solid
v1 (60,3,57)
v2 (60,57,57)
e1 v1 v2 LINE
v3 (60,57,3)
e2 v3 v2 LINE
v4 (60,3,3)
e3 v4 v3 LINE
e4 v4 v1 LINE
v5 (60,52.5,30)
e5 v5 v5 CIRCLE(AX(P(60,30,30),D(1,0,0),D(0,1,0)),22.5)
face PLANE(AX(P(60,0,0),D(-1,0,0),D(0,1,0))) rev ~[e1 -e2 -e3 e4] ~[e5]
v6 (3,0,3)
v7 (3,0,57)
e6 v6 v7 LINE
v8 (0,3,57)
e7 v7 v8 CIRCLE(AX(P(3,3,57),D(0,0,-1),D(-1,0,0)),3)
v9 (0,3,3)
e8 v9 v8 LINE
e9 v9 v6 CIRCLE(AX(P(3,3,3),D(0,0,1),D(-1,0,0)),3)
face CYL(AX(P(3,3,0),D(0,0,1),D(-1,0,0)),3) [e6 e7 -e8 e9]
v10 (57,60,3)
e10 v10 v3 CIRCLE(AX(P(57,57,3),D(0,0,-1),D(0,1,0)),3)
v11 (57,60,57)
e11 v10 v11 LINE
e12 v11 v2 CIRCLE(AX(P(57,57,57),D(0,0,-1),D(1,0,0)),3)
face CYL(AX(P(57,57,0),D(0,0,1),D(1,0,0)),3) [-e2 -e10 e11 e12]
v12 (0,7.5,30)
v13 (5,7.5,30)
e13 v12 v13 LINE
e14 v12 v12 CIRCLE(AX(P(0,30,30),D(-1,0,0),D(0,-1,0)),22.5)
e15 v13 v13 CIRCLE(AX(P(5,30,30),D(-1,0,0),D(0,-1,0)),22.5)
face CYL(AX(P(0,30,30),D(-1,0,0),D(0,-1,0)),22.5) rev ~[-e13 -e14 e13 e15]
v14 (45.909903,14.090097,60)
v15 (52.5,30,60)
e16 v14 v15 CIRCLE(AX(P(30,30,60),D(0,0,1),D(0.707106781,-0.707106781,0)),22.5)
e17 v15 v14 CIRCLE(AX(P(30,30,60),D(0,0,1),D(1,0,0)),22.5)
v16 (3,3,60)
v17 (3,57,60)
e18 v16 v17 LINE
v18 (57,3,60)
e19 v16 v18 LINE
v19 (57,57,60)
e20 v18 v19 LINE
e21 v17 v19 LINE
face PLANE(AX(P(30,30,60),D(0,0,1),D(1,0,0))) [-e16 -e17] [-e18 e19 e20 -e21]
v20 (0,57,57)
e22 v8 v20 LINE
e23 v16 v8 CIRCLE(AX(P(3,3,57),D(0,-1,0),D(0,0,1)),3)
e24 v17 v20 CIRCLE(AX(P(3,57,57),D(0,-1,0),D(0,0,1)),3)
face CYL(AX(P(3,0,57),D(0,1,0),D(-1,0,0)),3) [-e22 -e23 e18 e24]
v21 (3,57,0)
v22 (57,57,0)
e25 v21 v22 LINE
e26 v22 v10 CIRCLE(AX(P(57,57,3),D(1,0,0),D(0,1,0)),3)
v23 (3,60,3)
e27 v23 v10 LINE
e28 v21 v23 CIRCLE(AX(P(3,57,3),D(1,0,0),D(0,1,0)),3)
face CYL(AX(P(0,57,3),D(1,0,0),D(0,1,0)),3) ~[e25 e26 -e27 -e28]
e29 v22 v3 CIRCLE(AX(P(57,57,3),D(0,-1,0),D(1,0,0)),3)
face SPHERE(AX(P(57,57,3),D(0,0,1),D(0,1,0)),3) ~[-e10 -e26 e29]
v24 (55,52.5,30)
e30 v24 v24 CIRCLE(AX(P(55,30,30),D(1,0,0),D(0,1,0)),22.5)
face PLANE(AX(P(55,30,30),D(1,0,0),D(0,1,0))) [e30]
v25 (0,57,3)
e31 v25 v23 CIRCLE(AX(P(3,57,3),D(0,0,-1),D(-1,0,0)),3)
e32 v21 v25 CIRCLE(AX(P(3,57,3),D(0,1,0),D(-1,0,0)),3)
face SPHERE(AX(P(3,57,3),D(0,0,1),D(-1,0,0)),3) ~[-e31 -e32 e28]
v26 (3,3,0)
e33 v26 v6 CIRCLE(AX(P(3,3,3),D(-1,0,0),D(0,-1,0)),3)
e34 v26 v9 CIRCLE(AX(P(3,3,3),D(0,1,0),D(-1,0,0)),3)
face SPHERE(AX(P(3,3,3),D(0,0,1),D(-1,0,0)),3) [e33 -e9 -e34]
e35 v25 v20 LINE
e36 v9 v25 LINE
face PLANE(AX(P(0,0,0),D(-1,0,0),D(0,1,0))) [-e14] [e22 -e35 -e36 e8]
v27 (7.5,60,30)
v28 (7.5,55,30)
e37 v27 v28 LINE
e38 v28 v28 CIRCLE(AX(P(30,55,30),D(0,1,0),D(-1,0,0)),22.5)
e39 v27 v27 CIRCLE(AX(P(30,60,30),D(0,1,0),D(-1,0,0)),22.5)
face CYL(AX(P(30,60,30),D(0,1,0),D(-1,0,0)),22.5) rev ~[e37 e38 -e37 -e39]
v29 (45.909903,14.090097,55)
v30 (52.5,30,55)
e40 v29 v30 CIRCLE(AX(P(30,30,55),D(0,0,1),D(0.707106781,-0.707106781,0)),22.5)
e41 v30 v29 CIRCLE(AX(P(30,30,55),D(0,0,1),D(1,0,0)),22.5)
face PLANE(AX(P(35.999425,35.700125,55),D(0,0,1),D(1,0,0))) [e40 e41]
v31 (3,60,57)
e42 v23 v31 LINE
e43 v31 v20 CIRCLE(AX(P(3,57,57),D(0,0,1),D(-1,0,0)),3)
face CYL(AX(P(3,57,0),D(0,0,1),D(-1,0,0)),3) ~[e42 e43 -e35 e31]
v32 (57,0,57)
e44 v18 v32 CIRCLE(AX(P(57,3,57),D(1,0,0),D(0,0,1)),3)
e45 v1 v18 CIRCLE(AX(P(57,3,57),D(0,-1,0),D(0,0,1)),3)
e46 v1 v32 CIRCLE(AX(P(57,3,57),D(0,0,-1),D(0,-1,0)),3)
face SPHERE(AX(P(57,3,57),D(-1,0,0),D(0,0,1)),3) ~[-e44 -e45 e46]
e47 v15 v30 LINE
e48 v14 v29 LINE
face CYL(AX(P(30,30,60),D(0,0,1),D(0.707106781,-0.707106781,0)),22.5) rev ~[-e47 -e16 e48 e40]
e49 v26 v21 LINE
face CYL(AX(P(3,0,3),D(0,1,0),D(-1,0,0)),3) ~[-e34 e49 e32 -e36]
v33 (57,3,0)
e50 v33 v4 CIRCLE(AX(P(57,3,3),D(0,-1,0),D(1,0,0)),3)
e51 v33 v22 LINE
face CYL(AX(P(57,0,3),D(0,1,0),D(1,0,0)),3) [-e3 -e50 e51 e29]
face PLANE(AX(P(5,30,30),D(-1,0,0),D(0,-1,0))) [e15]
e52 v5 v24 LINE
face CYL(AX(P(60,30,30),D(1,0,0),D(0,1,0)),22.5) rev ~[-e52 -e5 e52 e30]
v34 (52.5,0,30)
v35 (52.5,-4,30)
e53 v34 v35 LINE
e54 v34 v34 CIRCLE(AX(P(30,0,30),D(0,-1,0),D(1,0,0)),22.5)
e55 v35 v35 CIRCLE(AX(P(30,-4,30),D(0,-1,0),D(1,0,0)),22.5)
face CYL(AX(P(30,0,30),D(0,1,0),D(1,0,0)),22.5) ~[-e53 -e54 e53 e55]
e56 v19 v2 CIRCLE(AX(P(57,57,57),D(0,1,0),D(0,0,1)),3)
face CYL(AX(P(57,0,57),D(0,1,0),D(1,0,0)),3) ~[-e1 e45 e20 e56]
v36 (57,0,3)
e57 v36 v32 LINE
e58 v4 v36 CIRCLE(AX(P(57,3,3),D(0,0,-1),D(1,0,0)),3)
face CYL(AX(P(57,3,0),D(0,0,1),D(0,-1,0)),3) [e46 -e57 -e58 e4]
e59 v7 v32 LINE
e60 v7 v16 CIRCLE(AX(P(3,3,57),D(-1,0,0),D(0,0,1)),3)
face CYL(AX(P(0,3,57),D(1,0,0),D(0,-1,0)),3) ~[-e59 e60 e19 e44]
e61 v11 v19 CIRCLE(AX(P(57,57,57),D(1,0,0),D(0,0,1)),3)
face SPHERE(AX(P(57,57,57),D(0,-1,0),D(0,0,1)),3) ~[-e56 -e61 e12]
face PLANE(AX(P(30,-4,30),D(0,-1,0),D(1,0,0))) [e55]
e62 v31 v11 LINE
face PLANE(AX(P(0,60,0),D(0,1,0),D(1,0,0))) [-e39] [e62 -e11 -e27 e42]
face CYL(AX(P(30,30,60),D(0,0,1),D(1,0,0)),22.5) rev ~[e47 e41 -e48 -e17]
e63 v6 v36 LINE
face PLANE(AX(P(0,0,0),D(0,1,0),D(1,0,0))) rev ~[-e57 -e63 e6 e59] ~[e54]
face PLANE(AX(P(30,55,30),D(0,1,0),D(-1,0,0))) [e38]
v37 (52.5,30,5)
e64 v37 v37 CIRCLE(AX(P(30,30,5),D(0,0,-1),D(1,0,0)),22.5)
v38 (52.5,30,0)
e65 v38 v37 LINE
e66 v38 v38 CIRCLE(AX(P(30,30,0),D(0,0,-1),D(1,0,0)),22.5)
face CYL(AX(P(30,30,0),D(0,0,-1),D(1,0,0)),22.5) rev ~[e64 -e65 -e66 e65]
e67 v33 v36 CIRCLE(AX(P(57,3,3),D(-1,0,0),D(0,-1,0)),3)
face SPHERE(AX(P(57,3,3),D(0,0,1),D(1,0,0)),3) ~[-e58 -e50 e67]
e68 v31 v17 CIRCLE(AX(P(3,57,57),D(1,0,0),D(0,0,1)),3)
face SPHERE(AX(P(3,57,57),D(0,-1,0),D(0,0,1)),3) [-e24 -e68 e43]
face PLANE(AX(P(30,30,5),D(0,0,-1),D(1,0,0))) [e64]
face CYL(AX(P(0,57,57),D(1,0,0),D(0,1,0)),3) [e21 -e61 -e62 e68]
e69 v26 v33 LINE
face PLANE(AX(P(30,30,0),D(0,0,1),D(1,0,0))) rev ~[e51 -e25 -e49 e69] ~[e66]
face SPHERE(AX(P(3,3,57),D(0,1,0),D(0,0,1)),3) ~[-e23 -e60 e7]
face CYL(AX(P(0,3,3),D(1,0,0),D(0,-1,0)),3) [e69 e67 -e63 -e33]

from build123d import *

# Parameters (mm, degrees)
F0_W      = 60
F0_H      = 60
F1_DEPTH  = 60
F2_R      = 3
F4_DEPTH  = 5
F5_R      = 22.5
F6_DEPTH  = 5
F7_R      = 22.5
F8_DEPTH  = 4
F9_R      = 22.5
F10_DEPTH = 5
F11_R     = 22.5
F12_DEPTH = 5
F13_R     = 22.5
F14_DEPTH = 5


with BuildPart() as f1:
    # F0 (on Top) → F1 (new body)
    with BuildSketch(Plane.XY):
        with Locations((30, 30)):
            Rectangle(F0_W, F0_H)
    extrude(amount=F1_DEPTH)

    # F2
    f2_edges = [f1.edges().sort_by_distance(p)[0] for p in [
        (0, 30, 60),
        (30, 0, 60),
        (60, 30, 60),
        (30, 60, 60),
        (0, 60, 30),
        (0, 0, 30),
        (0, 30, 0),
        (60, 60, 30),
        (30, 60, 0),
        (60, 0, 30),
        (60, 30, 0),
        (30, 0, 0),
    ]]
    fillet(f2_edges, radius=F2_R)

    # F3 (on face) → F4 (cut)
    with BuildSketch(Plane.XY.offset(60)):
        with BuildLine():
            ThreePointArc((52.5, 30), (38.6103772282, 50.7872894815), (14.0900974233, 45.9099025767))
            Line((14.0900974233, 45.9099025767), (45.9099025767, 14.0900974233))
            ThreePointArc((45.9099025767, 14.0900974233), (50.7872894815, 21.3896227718), (52.5, 30))
        make_face()
        with BuildLine():
            Line((45.9099025767, 14.0900974233), (14.0900974233, 45.9099025767))
            ThreePointArc((14.0900974233, 45.9099025767), (14.0900974233, 14.0900974233), (45.9099025767, 14.0900974233))
        make_face()
    extrude(amount=-F4_DEPTH, mode=Mode.SUBTRACT)

    # F5 (on face) → F6 (cut)
    with BuildSketch(Plane.YZ.offset(60)):
        with Locations((30, 30)):
            Circle(F5_R)
    extrude(amount=-F6_DEPTH, mode=Mode.SUBTRACT)

    # F7 (on face) → F8 (join)
    with BuildSketch(Plane.XZ):
        with Locations((30, 30)):
            Circle(F7_R)
    extrude(amount=F8_DEPTH)

    # F9 (on face) → F10 (cut)
    with BuildSketch(Plane(origin=(0, 60, 0), x_dir=(-1, 0, 0), z_dir=(0, 1, 0))):
        with Locations((-30, 30)):
            Circle(F9_R)
    extrude(amount=-F10_DEPTH, mode=Mode.SUBTRACT)

    # F11 (on face) → F12 (cut)
    with BuildSketch(Plane(origin=(0, 0, 0), x_dir=(0, -1, 0), z_dir=(-1, 0, 0))):
        with Locations((-30, 30)):
            Circle(F11_R)
    extrude(amount=-F12_DEPTH, mode=Mode.SUBTRACT)

    # F13 (on face) → F14 (cut)
    with BuildSketch(Plane(origin=(0, 0, 0), x_dir=(1, 0, 0), z_dir=(0, 0, -1))):
        with Locations((30, -30)):
            Circle(F13_R)
    extrude(amount=-F14_DEPTH, mode=Mode.SUBTRACT)


solid = f1.part
